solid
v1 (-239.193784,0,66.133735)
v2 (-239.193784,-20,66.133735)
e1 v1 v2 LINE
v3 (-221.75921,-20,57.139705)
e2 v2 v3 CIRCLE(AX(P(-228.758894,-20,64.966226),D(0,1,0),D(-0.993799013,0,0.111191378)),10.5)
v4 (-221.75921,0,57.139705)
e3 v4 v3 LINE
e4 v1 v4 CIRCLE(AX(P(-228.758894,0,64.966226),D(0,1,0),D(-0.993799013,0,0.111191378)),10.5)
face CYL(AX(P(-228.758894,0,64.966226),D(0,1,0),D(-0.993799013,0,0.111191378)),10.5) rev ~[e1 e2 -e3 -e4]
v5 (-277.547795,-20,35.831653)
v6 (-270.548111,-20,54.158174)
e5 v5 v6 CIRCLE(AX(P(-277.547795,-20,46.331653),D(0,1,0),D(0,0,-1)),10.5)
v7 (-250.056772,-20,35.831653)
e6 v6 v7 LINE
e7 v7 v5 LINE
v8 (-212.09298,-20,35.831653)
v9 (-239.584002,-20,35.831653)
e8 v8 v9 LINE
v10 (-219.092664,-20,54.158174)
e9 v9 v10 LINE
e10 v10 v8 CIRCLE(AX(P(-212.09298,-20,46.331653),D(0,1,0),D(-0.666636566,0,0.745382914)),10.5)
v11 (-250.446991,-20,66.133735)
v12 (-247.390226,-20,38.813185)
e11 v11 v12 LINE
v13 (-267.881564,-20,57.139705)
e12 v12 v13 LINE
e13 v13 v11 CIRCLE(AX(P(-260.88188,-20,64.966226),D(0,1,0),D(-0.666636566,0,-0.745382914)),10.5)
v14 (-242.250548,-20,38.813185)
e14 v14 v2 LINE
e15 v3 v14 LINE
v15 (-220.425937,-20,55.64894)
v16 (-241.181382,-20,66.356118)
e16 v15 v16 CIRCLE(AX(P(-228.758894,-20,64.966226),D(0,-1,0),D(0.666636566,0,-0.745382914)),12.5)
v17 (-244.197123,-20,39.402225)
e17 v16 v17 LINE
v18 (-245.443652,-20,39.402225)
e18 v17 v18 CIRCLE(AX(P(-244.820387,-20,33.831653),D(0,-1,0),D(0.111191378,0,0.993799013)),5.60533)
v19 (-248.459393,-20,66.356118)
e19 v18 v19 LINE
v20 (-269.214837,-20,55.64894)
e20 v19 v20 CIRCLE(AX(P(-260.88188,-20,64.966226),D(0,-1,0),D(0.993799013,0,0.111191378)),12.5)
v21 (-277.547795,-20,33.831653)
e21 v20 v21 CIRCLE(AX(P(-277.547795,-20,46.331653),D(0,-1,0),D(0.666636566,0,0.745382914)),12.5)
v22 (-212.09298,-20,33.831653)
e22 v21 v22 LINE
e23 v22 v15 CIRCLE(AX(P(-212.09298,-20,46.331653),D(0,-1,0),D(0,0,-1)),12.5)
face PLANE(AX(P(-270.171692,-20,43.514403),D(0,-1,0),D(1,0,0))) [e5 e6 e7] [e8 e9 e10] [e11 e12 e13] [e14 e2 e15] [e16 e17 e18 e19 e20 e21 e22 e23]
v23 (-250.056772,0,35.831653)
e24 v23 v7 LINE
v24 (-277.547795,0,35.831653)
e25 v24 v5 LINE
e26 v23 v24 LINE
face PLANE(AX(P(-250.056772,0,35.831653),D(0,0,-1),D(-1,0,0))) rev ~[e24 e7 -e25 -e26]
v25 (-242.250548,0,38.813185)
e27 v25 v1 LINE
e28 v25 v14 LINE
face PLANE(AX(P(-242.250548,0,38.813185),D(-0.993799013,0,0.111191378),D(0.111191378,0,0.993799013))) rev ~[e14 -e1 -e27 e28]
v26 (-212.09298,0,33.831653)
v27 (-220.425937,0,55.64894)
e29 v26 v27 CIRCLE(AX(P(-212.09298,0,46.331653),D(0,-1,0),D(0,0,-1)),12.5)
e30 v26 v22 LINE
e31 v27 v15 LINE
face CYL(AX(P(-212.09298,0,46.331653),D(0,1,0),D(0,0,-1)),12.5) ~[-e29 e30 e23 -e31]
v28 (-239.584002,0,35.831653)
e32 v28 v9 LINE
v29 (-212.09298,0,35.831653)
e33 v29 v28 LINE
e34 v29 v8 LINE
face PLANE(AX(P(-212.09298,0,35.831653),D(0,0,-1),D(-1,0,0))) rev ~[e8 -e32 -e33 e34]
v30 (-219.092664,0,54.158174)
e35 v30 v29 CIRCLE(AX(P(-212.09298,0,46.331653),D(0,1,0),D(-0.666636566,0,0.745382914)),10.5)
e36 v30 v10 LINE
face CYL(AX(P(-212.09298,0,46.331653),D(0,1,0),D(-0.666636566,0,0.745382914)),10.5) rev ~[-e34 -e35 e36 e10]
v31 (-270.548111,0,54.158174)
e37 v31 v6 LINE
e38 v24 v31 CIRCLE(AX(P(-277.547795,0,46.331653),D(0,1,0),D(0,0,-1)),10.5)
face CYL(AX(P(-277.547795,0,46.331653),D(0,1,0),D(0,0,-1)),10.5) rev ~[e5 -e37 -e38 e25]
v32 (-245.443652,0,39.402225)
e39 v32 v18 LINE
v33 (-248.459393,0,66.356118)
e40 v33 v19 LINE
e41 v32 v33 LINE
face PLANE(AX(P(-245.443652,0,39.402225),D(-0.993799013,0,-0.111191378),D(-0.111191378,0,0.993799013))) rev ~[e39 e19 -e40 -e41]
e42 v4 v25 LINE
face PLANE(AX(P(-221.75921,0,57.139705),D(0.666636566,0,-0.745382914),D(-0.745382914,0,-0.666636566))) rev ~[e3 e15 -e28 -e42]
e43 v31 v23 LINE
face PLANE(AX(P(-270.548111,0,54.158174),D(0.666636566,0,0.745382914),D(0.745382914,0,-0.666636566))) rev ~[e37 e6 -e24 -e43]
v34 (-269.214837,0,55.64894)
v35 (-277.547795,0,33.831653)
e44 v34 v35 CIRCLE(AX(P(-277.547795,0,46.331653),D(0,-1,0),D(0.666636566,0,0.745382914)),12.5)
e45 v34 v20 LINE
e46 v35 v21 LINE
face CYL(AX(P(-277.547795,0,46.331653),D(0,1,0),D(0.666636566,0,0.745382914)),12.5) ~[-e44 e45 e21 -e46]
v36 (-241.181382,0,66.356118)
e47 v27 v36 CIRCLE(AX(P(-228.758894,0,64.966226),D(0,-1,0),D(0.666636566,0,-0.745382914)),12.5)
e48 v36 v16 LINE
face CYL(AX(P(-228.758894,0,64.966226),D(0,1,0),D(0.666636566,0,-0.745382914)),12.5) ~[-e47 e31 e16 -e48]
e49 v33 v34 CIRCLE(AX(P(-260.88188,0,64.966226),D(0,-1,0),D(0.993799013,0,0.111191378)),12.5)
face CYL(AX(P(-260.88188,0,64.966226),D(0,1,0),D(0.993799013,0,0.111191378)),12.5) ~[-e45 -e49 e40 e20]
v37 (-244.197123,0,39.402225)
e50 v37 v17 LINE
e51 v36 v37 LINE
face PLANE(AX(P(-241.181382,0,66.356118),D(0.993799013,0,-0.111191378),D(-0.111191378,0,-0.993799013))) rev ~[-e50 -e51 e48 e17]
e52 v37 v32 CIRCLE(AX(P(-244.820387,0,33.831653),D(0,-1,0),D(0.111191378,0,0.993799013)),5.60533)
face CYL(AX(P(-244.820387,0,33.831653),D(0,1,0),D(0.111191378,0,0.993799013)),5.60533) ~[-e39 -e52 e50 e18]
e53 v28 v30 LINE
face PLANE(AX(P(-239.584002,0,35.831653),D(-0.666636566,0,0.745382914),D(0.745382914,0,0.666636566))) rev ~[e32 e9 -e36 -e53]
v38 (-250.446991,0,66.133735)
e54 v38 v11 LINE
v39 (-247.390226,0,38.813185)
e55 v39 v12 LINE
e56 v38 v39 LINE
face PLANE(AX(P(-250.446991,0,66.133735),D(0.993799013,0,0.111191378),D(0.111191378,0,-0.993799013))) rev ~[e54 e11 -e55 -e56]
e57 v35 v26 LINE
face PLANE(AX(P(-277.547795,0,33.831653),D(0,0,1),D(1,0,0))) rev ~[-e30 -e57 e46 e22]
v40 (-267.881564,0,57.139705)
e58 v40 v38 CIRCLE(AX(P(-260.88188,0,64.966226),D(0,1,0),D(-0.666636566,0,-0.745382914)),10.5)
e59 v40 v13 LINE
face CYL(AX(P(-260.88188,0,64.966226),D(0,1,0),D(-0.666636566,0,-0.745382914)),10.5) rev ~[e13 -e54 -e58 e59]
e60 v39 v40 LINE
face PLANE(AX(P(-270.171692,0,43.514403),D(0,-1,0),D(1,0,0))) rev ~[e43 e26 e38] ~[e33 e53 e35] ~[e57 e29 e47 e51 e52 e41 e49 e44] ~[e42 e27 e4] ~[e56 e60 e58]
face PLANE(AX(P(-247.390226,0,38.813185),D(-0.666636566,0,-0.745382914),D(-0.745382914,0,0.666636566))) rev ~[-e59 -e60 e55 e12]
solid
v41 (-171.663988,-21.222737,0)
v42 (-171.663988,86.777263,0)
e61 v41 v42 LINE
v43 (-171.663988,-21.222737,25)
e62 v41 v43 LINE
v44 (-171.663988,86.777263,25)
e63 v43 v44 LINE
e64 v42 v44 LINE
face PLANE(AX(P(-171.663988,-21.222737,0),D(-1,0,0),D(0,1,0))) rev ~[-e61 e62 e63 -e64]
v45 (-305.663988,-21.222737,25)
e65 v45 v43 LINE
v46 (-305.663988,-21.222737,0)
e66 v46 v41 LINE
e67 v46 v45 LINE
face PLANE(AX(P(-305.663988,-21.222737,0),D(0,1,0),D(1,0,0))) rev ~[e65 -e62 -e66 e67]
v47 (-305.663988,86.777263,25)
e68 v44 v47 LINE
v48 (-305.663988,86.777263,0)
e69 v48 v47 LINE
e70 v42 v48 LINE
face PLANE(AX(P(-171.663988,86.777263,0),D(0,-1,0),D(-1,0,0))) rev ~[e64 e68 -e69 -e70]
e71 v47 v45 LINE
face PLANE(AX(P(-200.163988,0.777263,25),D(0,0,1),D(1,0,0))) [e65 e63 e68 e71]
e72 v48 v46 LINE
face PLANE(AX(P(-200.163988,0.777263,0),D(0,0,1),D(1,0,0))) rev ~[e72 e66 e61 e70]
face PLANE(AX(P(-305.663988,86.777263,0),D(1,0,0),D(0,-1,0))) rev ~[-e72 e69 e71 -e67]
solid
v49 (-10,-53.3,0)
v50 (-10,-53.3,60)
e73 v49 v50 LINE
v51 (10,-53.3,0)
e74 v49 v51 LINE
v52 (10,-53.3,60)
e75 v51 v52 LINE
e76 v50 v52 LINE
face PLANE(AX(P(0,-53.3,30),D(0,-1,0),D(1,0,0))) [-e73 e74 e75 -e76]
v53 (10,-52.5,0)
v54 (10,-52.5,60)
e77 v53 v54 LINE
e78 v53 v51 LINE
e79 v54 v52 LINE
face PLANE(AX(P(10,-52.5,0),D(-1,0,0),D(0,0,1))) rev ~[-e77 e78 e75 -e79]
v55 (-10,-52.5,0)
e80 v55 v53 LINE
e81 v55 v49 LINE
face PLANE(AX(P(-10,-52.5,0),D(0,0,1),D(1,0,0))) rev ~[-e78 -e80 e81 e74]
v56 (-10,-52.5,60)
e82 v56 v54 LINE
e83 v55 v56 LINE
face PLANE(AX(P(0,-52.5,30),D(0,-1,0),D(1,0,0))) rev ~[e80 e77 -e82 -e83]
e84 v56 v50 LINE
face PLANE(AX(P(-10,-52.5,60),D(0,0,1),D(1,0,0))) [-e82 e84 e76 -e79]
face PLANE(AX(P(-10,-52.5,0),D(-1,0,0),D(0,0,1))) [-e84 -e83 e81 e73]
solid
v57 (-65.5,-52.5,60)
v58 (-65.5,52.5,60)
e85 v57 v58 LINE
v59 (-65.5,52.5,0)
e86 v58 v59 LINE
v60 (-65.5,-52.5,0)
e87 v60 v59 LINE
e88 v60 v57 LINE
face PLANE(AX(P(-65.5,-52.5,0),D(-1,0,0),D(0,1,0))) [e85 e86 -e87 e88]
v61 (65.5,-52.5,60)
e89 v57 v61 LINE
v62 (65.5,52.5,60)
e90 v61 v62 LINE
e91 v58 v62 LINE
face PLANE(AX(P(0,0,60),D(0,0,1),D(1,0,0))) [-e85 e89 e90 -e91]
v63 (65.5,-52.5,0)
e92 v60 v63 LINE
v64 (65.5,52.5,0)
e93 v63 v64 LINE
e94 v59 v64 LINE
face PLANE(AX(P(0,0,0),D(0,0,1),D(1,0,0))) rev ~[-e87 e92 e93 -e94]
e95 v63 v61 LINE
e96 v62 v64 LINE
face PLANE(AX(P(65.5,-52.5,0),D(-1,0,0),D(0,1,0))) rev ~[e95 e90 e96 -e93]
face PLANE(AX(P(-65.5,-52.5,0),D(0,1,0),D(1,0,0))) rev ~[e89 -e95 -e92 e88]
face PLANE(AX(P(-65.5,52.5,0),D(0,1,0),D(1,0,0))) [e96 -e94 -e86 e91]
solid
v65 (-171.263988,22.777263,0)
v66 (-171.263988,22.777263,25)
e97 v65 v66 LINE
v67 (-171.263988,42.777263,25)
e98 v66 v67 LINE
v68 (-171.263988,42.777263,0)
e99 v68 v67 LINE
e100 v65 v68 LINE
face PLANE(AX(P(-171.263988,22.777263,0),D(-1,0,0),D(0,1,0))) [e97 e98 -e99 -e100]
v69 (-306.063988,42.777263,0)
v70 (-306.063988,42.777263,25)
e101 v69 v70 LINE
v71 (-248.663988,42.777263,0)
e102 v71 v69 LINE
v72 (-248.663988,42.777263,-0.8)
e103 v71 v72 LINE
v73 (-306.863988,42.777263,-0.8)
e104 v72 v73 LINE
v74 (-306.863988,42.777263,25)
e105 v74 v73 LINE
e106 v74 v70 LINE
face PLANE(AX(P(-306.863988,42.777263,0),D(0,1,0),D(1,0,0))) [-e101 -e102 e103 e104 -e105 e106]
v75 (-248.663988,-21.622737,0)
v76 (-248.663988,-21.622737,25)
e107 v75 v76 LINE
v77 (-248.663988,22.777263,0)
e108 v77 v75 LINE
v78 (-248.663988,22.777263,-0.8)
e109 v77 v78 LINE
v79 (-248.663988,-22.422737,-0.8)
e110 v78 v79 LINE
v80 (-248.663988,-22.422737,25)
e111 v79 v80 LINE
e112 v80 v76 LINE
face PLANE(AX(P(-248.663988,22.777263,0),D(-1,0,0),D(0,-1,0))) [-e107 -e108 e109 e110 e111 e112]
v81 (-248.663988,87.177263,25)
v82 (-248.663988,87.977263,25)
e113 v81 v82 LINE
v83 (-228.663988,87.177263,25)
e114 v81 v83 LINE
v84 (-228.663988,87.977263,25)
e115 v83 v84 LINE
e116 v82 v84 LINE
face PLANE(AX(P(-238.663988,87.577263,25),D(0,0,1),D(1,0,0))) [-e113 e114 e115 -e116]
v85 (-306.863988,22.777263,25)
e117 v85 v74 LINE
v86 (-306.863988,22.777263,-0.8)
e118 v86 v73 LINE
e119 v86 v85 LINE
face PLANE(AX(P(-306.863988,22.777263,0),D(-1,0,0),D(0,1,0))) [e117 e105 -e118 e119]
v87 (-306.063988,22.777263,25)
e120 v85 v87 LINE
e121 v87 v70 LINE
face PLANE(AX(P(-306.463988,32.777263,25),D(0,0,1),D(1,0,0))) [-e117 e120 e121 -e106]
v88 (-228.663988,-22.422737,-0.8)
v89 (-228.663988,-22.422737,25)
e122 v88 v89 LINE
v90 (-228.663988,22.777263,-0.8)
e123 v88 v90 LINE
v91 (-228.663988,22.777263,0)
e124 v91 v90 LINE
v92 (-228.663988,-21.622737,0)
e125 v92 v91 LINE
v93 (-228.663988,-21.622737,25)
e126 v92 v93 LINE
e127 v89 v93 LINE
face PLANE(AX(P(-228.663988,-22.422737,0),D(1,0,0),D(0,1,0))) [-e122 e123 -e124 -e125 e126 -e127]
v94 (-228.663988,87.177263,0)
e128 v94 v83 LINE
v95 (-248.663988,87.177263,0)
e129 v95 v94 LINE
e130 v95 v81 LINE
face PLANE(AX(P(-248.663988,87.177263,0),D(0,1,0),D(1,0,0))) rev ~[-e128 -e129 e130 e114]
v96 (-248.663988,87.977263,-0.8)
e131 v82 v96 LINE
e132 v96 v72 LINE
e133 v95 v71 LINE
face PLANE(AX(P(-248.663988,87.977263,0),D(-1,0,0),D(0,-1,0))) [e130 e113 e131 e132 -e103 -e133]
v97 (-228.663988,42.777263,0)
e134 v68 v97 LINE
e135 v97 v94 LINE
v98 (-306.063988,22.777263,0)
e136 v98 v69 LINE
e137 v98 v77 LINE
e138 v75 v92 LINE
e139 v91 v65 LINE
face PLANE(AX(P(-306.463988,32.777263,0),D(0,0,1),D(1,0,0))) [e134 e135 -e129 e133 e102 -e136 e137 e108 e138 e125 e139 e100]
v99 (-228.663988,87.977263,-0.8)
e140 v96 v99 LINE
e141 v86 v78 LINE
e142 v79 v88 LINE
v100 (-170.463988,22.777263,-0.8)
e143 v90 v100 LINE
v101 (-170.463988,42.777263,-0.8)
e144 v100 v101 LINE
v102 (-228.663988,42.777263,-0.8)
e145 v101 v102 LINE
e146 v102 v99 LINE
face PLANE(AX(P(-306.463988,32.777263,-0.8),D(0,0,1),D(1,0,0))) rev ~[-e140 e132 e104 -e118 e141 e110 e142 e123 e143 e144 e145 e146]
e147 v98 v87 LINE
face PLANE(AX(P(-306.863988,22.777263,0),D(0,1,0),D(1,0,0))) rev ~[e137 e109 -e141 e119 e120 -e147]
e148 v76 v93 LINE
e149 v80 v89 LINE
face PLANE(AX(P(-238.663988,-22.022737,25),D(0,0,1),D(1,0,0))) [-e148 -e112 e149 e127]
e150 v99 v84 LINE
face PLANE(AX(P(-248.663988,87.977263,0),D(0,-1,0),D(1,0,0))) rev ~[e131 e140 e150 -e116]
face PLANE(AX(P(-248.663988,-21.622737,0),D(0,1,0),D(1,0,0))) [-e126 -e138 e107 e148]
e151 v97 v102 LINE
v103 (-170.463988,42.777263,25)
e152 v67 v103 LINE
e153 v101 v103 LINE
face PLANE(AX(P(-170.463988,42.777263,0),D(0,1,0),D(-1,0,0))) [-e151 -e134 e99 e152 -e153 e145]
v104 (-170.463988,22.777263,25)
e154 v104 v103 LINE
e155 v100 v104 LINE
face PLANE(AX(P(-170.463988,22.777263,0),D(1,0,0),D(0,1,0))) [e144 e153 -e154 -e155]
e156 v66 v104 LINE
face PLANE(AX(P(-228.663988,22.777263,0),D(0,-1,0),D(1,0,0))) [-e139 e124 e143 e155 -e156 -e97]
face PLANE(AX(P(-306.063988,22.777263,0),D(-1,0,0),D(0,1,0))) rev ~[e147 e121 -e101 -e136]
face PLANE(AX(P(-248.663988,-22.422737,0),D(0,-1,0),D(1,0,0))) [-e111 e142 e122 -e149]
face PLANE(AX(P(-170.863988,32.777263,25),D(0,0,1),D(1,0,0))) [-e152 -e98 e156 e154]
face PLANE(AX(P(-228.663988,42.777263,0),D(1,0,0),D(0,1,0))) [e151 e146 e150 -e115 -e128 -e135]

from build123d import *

# Parameters (mm, degrees)
F0_W     = 131
F0_H     = 105
F1_DEPTH = 60
F2_DEPTH = 25
F0_W_2   = 57
F0_H_2   = 44
F0_W_3   = 20
F0_H_3   = 20
F0_W_4   = 0.8
F0_W_5   = 0.4
F0_H_4   = 0.8
F0_H_5   = 0.4
F3_DEPTH = 0.8
F4_DEPTH = 25
F5_W     = 20
F5_H     = 60
F6_DEPTH = 0.8
F8_DEPTH = 20


with BuildPart() as f1:
    # F0 (on Top) → F1 (new body)
    with BuildSketch(Plane.XY):
        Rectangle(F0_W, F0_H)
    extrude(amount=F1_DEPTH)

    # F0 (on Top) → F2 (join)
    with BuildSketch(Plane.XY):
        Rectangle(F0_W, F0_H)
    extrude(amount=F2_DEPTH)


with BuildPart() as f2:
    # F0 (on Top) → F2, piece 2 (new body)
    with BuildSketch(Plane.XY):
        with Locations((-200.1639879942, 0.7772630274)):
            Rectangle(F0_W_2, F0_H_2)
        with Locations((-277.1639879942, 0.7772630274)):
            Rectangle(F0_W_2, F0_H_2)
        with Locations((-200.1639879942, 64.7772630274)):
            Rectangle(F0_W_2, F0_H_2)
        with Locations((-277.1639879942, 64.7772630274)):
            Rectangle(F0_W_2, F0_H_2)
        with Locations((-238.6639879942, 0.7772630274)):
            Rectangle(F0_W_3, F0_H_2)
        with Locations((-238.6639879942, 64.7772630274)):
            Rectangle(F0_W_3, F0_H_2)
        with Locations((-200.1639879942, 32.7772630274)):
            Rectangle(F0_W_2, F0_H_3)
        with Locations((-277.1639879942, 32.7772630274)):
            Rectangle(F0_W_2, F0_H_3)
        with Locations((-238.6639879942, 32.7772630274)):
            Rectangle(F0_W_3, F0_H_3)
    extrude(amount=F2_DEPTH)


with BuildPart() as f3:
    # F0 (on Top) → F3 (new body)
    with BuildSketch(Plane.XY):
        with Locations((-306.4639879942, 32.7772630274)):
            Rectangle(F0_W_4, F0_H_3)
        with Locations((-305.8639879942, 32.7772630274)):
            Rectangle(F0_W_5, F0_H_3)
        with Locations((-277.1639879942, 32.7772630274)):
            Rectangle(F0_W_2, F0_H_3)
        with Locations((-171.4639879942, 32.7772630274)):
            Rectangle(F0_W_5, F0_H_3)
        with Locations((-170.8639879942, 32.7772630274)):
            Rectangle(F0_W_4, F0_H_3)
        with Locations((-238.6639879942, 87.5772630274)):
            Rectangle(F0_W_3, F0_H_4)
        with Locations((-238.6639879942, 86.9772630274)):
            Rectangle(F0_W_3, F0_H_5)
        with Locations((-238.6639879942, -21.4227369726)):
            Rectangle(F0_W_3, F0_H_5)
        with Locations((-238.6639879942, -22.0227369726)):
            Rectangle(F0_W_3, F0_H_4)
        with Locations((-238.6639879942, 32.7772630274)):
            Rectangle(F0_W_3, F0_H_3)
        with Locations((-200.1639879942, 32.7772630274)):
            Rectangle(F0_W_2, F0_H_3)
        with Locations((-238.6639879942, 64.7772630274)):
            Rectangle(F0_W_3, F0_H_2)
        with Locations((-238.6639879942, 0.7772630274)):
            Rectangle(F0_W_3, F0_H_2)
    extrude(amount=-F3_DEPTH)

    # F0 (on Top) → F4 (join)
    with BuildSketch(Plane.XY):
        with Locations((-306.4639879942, 32.7772630274)):
            Rectangle(F0_W_4, F0_H_3)
        with Locations((-238.6639879942, 87.5772630274)):
            Rectangle(F0_W_3, F0_H_4)
        with Locations((-170.8639879942, 32.7772630274)):
            Rectangle(F0_W_4, F0_H_3)
        with Locations((-238.6639879942, -22.0227369726)):
            Rectangle(F0_W_3, F0_H_4)
    extrude(amount=F4_DEPTH)


with BuildPart() as f6:
    # F5 (on face) → F6 (new body)
    with BuildSketch(Plane.XZ.offset(52.5)):
        with Locations((0, 30)):
            Rectangle(F5_W, F5_H)
    extrude(amount=F6_DEPTH)


with BuildPart() as f8:
    # F7 (on Front) → F8 (new body)
    with BuildSketch(Plane.XZ):
        with BuildLine():
            Line((-248.9985047722, 37.5683713583), (-269.2148374575, 55.6489395324))
            ThreePointArc((-269.2148374575, 55.6489395324), (-289.2250390776, 50.7916934422), (-277.547794532, 33.8316531037))
            Line((-277.547794532, 33.8316531037), (-250.4257176805, 33.8316531037))
            ThreePointArc((-250.4257176805, 33.8316531037), (-250.3327097264, 34.8485258382), (-250.0567723832, 35.8316531037))
            ThreePointArc((-250.0567723832, 35.8316531037), (-249.60706278, 36.7484092929), (-248.9985047722, 37.5683713583))
        make_face()
        with BuildLine():
            Line((-270.5481105894, 54.1581737038), (-250.0567723832, 35.8316531037))
            Line((-250.0567723832, 35.8316531037), (-277.547794532, 35.8316531037))
            ThreePointArc((-277.547794532, 35.8316531037), (-287.3566799503, 50.078086988), (-270.5481105894, 54.1581737038))
        make_face(mode=Mode.SUBTRACT)
        with BuildLine():
            Line((-244.820387212, 33.8316531037), (-248.9985047722, 37.5683713583))
            ThreePointArc((-248.9985047722, 37.5683713583), (-249.60706278, 36.7484092929), (-250.0567723832, 35.8316531037))
            ThreePointArc((-250.0567723832, 35.8316531037), (-250.3327097264, 34.8485258382), (-250.4257176805, 33.8316531037))
            Line((-250.4257176805, 33.8316531037), (-244.820387212, 33.8316531037))
        make_face()
        with BuildLine():
            ThreePointArc((-247.3902261193, 38.8131847609), (-248.2512936846, 38.2643284175), (-248.9985047722, 37.5683713583))
            Line((-248.9985047722, 37.5683713583), (-244.820387212, 33.8316531037))
            Line((-244.820387212, 33.8316531037), (-245.44365163, 39.4022249887))
            ThreePointArc((-245.44365163, 39.4022249887), (-246.4438770669, 39.1967262954), (-247.3902261193, 38.8131847609))
        make_face()
        with BuildLine():
            ThreePointArc((-248.4593927251, 66.3561181841), (-266.612672978, 76.0751420302), (-269.2148374575, 55.6489395324))
            Line((-269.2148374575, 55.6489395324), (-248.9985047722, 37.5683713583))
            ThreePointArc((-248.9985047722, 37.5683713583), (-248.2512936846, 38.2643284175), (-247.3902261193, 38.8131847609))
            ThreePointArc((-247.3902261193, 38.8131847609), (-246.4438770669, 39.1967262954), (-245.44365163, 39.4022249887))
            Line((-245.44365163, 39.4022249887), (-248.4593927251, 66.3561181841))
        make_face()
        with BuildLine():
            Line((-250.4469907504, 66.1337354284), (-247.3902261193, 38.8131847609))
            Line((-247.3902261193, 38.8131847609), (-267.8815643255, 57.139705361))
            ThreePointArc((-267.8815643255, 57.139705361), (-265.6957461628, 74.2977154592), (-250.4469907504, 66.1337354284))
        make_face(mode=Mode.SUBTRACT)
        with BuildLine():
            Line((-241.1813816988, 66.3561181841), (-244.1971227939, 39.4022249887))
            ThreePointArc((-244.1971227939, 39.4022249887), (-243.196897357, 39.1967262954), (-242.2505483046, 38.8131847609))
            ThreePointArc((-242.2505483046, 38.8131847609), (-241.3894807393, 38.2643284175), (-240.6422696518, 37.5683713583))
            Line((-240.6422696518, 37.5683713583), (-220.4259369665, 55.6489395324))
            ThreePointArc((-220.4259369665, 55.6489395324), (-223.0281014459, 76.0751420302), (-241.1813816988, 66.3561181841))
        make_face()
        with BuildLine():
            Line((-221.7592100984, 57.139705361), (-242.2505483046, 38.8131847609))
            Line((-242.2505483046, 38.8131847609), (-239.1937836735, 66.1337354284))
            ThreePointArc((-239.1937836735, 66.1337354284), (-223.9450282611, 74.2977154592), (-221.7592100984, 57.139705361))
        make_face(mode=Mode.SUBTRACT)
        with BuildLine():
            Line((-244.1971227939, 39.4022249887), (-244.820387212, 33.8316531037))
            Line((-244.820387212, 33.8316531037), (-240.6422696518, 37.5683713583))
            ThreePointArc((-240.6422696518, 37.5683713583), (-241.3894807393, 38.2643284175), (-242.2505483046, 38.8131847609))
            ThreePointArc((-242.2505483046, 38.8131847609), (-243.196897357, 39.1967262954), (-244.1971227939, 39.4022249887))
        make_face()
        with BuildLine():
            ThreePointArc((-244.1971227939, 39.4022249887), (-244.820387212, 39.4369835722), (-245.44365163, 39.4022249887))
            Line((-245.44365163, 39.4022249887), (-244.820387212, 33.8316531037))
            Line((-244.820387212, 33.8316531037), (-244.1971227939, 39.4022249887))
        make_face()
        with BuildLine():
            Line((-240.6422696518, 37.5683713583), (-244.820387212, 33.8316531037))
            Line((-244.820387212, 33.8316531037), (-239.2150567434, 33.8316531037))
            ThreePointArc((-239.2150567434, 33.8316531037), (-239.3080646975, 34.8485258382), (-239.5840020407, 35.8316531037))
            ThreePointArc((-239.5840020407, 35.8316531037), (-240.0337116439, 36.7484092929), (-240.6422696518, 37.5683713583))
        make_face()
        with BuildLine():
            Line((-220.4259369665, 55.6489395324), (-240.6422696518, 37.5683713583))
            ThreePointArc((-240.6422696518, 37.5683713583), (-240.0337116439, 36.7484092929), (-239.5840020407, 35.8316531037))
            ThreePointArc((-239.5840020407, 35.8316531037), (-239.3080646975, 34.8485258382), (-239.2150567434, 33.8316531037))
            Line((-239.2150567434, 33.8316531037), (-212.0929798919, 33.8316531037))
            ThreePointArc((-212.0929798919, 33.8316531037), (-200.4157353463, 50.7916934422), (-220.4259369665, 55.6489395324))
        make_face()
        with BuildLine():
            Line((-212.0929798919, 35.8316531037), (-239.5840020407, 35.8316531037))
            Line((-239.5840020407, 35.8316531037), (-219.0926638345, 54.1581737038))
            ThreePointArc((-219.0926638345, 54.1581737038), (-202.2840944736, 50.078086988), (-212.0929798919, 35.8316531037))
        make_face(mode=Mode.SUBTRACT)
    extrude(amount=F8_DEPTH)


solid = Compound([f1.part, f2.part, f3.part, f6.part, f8.part])
